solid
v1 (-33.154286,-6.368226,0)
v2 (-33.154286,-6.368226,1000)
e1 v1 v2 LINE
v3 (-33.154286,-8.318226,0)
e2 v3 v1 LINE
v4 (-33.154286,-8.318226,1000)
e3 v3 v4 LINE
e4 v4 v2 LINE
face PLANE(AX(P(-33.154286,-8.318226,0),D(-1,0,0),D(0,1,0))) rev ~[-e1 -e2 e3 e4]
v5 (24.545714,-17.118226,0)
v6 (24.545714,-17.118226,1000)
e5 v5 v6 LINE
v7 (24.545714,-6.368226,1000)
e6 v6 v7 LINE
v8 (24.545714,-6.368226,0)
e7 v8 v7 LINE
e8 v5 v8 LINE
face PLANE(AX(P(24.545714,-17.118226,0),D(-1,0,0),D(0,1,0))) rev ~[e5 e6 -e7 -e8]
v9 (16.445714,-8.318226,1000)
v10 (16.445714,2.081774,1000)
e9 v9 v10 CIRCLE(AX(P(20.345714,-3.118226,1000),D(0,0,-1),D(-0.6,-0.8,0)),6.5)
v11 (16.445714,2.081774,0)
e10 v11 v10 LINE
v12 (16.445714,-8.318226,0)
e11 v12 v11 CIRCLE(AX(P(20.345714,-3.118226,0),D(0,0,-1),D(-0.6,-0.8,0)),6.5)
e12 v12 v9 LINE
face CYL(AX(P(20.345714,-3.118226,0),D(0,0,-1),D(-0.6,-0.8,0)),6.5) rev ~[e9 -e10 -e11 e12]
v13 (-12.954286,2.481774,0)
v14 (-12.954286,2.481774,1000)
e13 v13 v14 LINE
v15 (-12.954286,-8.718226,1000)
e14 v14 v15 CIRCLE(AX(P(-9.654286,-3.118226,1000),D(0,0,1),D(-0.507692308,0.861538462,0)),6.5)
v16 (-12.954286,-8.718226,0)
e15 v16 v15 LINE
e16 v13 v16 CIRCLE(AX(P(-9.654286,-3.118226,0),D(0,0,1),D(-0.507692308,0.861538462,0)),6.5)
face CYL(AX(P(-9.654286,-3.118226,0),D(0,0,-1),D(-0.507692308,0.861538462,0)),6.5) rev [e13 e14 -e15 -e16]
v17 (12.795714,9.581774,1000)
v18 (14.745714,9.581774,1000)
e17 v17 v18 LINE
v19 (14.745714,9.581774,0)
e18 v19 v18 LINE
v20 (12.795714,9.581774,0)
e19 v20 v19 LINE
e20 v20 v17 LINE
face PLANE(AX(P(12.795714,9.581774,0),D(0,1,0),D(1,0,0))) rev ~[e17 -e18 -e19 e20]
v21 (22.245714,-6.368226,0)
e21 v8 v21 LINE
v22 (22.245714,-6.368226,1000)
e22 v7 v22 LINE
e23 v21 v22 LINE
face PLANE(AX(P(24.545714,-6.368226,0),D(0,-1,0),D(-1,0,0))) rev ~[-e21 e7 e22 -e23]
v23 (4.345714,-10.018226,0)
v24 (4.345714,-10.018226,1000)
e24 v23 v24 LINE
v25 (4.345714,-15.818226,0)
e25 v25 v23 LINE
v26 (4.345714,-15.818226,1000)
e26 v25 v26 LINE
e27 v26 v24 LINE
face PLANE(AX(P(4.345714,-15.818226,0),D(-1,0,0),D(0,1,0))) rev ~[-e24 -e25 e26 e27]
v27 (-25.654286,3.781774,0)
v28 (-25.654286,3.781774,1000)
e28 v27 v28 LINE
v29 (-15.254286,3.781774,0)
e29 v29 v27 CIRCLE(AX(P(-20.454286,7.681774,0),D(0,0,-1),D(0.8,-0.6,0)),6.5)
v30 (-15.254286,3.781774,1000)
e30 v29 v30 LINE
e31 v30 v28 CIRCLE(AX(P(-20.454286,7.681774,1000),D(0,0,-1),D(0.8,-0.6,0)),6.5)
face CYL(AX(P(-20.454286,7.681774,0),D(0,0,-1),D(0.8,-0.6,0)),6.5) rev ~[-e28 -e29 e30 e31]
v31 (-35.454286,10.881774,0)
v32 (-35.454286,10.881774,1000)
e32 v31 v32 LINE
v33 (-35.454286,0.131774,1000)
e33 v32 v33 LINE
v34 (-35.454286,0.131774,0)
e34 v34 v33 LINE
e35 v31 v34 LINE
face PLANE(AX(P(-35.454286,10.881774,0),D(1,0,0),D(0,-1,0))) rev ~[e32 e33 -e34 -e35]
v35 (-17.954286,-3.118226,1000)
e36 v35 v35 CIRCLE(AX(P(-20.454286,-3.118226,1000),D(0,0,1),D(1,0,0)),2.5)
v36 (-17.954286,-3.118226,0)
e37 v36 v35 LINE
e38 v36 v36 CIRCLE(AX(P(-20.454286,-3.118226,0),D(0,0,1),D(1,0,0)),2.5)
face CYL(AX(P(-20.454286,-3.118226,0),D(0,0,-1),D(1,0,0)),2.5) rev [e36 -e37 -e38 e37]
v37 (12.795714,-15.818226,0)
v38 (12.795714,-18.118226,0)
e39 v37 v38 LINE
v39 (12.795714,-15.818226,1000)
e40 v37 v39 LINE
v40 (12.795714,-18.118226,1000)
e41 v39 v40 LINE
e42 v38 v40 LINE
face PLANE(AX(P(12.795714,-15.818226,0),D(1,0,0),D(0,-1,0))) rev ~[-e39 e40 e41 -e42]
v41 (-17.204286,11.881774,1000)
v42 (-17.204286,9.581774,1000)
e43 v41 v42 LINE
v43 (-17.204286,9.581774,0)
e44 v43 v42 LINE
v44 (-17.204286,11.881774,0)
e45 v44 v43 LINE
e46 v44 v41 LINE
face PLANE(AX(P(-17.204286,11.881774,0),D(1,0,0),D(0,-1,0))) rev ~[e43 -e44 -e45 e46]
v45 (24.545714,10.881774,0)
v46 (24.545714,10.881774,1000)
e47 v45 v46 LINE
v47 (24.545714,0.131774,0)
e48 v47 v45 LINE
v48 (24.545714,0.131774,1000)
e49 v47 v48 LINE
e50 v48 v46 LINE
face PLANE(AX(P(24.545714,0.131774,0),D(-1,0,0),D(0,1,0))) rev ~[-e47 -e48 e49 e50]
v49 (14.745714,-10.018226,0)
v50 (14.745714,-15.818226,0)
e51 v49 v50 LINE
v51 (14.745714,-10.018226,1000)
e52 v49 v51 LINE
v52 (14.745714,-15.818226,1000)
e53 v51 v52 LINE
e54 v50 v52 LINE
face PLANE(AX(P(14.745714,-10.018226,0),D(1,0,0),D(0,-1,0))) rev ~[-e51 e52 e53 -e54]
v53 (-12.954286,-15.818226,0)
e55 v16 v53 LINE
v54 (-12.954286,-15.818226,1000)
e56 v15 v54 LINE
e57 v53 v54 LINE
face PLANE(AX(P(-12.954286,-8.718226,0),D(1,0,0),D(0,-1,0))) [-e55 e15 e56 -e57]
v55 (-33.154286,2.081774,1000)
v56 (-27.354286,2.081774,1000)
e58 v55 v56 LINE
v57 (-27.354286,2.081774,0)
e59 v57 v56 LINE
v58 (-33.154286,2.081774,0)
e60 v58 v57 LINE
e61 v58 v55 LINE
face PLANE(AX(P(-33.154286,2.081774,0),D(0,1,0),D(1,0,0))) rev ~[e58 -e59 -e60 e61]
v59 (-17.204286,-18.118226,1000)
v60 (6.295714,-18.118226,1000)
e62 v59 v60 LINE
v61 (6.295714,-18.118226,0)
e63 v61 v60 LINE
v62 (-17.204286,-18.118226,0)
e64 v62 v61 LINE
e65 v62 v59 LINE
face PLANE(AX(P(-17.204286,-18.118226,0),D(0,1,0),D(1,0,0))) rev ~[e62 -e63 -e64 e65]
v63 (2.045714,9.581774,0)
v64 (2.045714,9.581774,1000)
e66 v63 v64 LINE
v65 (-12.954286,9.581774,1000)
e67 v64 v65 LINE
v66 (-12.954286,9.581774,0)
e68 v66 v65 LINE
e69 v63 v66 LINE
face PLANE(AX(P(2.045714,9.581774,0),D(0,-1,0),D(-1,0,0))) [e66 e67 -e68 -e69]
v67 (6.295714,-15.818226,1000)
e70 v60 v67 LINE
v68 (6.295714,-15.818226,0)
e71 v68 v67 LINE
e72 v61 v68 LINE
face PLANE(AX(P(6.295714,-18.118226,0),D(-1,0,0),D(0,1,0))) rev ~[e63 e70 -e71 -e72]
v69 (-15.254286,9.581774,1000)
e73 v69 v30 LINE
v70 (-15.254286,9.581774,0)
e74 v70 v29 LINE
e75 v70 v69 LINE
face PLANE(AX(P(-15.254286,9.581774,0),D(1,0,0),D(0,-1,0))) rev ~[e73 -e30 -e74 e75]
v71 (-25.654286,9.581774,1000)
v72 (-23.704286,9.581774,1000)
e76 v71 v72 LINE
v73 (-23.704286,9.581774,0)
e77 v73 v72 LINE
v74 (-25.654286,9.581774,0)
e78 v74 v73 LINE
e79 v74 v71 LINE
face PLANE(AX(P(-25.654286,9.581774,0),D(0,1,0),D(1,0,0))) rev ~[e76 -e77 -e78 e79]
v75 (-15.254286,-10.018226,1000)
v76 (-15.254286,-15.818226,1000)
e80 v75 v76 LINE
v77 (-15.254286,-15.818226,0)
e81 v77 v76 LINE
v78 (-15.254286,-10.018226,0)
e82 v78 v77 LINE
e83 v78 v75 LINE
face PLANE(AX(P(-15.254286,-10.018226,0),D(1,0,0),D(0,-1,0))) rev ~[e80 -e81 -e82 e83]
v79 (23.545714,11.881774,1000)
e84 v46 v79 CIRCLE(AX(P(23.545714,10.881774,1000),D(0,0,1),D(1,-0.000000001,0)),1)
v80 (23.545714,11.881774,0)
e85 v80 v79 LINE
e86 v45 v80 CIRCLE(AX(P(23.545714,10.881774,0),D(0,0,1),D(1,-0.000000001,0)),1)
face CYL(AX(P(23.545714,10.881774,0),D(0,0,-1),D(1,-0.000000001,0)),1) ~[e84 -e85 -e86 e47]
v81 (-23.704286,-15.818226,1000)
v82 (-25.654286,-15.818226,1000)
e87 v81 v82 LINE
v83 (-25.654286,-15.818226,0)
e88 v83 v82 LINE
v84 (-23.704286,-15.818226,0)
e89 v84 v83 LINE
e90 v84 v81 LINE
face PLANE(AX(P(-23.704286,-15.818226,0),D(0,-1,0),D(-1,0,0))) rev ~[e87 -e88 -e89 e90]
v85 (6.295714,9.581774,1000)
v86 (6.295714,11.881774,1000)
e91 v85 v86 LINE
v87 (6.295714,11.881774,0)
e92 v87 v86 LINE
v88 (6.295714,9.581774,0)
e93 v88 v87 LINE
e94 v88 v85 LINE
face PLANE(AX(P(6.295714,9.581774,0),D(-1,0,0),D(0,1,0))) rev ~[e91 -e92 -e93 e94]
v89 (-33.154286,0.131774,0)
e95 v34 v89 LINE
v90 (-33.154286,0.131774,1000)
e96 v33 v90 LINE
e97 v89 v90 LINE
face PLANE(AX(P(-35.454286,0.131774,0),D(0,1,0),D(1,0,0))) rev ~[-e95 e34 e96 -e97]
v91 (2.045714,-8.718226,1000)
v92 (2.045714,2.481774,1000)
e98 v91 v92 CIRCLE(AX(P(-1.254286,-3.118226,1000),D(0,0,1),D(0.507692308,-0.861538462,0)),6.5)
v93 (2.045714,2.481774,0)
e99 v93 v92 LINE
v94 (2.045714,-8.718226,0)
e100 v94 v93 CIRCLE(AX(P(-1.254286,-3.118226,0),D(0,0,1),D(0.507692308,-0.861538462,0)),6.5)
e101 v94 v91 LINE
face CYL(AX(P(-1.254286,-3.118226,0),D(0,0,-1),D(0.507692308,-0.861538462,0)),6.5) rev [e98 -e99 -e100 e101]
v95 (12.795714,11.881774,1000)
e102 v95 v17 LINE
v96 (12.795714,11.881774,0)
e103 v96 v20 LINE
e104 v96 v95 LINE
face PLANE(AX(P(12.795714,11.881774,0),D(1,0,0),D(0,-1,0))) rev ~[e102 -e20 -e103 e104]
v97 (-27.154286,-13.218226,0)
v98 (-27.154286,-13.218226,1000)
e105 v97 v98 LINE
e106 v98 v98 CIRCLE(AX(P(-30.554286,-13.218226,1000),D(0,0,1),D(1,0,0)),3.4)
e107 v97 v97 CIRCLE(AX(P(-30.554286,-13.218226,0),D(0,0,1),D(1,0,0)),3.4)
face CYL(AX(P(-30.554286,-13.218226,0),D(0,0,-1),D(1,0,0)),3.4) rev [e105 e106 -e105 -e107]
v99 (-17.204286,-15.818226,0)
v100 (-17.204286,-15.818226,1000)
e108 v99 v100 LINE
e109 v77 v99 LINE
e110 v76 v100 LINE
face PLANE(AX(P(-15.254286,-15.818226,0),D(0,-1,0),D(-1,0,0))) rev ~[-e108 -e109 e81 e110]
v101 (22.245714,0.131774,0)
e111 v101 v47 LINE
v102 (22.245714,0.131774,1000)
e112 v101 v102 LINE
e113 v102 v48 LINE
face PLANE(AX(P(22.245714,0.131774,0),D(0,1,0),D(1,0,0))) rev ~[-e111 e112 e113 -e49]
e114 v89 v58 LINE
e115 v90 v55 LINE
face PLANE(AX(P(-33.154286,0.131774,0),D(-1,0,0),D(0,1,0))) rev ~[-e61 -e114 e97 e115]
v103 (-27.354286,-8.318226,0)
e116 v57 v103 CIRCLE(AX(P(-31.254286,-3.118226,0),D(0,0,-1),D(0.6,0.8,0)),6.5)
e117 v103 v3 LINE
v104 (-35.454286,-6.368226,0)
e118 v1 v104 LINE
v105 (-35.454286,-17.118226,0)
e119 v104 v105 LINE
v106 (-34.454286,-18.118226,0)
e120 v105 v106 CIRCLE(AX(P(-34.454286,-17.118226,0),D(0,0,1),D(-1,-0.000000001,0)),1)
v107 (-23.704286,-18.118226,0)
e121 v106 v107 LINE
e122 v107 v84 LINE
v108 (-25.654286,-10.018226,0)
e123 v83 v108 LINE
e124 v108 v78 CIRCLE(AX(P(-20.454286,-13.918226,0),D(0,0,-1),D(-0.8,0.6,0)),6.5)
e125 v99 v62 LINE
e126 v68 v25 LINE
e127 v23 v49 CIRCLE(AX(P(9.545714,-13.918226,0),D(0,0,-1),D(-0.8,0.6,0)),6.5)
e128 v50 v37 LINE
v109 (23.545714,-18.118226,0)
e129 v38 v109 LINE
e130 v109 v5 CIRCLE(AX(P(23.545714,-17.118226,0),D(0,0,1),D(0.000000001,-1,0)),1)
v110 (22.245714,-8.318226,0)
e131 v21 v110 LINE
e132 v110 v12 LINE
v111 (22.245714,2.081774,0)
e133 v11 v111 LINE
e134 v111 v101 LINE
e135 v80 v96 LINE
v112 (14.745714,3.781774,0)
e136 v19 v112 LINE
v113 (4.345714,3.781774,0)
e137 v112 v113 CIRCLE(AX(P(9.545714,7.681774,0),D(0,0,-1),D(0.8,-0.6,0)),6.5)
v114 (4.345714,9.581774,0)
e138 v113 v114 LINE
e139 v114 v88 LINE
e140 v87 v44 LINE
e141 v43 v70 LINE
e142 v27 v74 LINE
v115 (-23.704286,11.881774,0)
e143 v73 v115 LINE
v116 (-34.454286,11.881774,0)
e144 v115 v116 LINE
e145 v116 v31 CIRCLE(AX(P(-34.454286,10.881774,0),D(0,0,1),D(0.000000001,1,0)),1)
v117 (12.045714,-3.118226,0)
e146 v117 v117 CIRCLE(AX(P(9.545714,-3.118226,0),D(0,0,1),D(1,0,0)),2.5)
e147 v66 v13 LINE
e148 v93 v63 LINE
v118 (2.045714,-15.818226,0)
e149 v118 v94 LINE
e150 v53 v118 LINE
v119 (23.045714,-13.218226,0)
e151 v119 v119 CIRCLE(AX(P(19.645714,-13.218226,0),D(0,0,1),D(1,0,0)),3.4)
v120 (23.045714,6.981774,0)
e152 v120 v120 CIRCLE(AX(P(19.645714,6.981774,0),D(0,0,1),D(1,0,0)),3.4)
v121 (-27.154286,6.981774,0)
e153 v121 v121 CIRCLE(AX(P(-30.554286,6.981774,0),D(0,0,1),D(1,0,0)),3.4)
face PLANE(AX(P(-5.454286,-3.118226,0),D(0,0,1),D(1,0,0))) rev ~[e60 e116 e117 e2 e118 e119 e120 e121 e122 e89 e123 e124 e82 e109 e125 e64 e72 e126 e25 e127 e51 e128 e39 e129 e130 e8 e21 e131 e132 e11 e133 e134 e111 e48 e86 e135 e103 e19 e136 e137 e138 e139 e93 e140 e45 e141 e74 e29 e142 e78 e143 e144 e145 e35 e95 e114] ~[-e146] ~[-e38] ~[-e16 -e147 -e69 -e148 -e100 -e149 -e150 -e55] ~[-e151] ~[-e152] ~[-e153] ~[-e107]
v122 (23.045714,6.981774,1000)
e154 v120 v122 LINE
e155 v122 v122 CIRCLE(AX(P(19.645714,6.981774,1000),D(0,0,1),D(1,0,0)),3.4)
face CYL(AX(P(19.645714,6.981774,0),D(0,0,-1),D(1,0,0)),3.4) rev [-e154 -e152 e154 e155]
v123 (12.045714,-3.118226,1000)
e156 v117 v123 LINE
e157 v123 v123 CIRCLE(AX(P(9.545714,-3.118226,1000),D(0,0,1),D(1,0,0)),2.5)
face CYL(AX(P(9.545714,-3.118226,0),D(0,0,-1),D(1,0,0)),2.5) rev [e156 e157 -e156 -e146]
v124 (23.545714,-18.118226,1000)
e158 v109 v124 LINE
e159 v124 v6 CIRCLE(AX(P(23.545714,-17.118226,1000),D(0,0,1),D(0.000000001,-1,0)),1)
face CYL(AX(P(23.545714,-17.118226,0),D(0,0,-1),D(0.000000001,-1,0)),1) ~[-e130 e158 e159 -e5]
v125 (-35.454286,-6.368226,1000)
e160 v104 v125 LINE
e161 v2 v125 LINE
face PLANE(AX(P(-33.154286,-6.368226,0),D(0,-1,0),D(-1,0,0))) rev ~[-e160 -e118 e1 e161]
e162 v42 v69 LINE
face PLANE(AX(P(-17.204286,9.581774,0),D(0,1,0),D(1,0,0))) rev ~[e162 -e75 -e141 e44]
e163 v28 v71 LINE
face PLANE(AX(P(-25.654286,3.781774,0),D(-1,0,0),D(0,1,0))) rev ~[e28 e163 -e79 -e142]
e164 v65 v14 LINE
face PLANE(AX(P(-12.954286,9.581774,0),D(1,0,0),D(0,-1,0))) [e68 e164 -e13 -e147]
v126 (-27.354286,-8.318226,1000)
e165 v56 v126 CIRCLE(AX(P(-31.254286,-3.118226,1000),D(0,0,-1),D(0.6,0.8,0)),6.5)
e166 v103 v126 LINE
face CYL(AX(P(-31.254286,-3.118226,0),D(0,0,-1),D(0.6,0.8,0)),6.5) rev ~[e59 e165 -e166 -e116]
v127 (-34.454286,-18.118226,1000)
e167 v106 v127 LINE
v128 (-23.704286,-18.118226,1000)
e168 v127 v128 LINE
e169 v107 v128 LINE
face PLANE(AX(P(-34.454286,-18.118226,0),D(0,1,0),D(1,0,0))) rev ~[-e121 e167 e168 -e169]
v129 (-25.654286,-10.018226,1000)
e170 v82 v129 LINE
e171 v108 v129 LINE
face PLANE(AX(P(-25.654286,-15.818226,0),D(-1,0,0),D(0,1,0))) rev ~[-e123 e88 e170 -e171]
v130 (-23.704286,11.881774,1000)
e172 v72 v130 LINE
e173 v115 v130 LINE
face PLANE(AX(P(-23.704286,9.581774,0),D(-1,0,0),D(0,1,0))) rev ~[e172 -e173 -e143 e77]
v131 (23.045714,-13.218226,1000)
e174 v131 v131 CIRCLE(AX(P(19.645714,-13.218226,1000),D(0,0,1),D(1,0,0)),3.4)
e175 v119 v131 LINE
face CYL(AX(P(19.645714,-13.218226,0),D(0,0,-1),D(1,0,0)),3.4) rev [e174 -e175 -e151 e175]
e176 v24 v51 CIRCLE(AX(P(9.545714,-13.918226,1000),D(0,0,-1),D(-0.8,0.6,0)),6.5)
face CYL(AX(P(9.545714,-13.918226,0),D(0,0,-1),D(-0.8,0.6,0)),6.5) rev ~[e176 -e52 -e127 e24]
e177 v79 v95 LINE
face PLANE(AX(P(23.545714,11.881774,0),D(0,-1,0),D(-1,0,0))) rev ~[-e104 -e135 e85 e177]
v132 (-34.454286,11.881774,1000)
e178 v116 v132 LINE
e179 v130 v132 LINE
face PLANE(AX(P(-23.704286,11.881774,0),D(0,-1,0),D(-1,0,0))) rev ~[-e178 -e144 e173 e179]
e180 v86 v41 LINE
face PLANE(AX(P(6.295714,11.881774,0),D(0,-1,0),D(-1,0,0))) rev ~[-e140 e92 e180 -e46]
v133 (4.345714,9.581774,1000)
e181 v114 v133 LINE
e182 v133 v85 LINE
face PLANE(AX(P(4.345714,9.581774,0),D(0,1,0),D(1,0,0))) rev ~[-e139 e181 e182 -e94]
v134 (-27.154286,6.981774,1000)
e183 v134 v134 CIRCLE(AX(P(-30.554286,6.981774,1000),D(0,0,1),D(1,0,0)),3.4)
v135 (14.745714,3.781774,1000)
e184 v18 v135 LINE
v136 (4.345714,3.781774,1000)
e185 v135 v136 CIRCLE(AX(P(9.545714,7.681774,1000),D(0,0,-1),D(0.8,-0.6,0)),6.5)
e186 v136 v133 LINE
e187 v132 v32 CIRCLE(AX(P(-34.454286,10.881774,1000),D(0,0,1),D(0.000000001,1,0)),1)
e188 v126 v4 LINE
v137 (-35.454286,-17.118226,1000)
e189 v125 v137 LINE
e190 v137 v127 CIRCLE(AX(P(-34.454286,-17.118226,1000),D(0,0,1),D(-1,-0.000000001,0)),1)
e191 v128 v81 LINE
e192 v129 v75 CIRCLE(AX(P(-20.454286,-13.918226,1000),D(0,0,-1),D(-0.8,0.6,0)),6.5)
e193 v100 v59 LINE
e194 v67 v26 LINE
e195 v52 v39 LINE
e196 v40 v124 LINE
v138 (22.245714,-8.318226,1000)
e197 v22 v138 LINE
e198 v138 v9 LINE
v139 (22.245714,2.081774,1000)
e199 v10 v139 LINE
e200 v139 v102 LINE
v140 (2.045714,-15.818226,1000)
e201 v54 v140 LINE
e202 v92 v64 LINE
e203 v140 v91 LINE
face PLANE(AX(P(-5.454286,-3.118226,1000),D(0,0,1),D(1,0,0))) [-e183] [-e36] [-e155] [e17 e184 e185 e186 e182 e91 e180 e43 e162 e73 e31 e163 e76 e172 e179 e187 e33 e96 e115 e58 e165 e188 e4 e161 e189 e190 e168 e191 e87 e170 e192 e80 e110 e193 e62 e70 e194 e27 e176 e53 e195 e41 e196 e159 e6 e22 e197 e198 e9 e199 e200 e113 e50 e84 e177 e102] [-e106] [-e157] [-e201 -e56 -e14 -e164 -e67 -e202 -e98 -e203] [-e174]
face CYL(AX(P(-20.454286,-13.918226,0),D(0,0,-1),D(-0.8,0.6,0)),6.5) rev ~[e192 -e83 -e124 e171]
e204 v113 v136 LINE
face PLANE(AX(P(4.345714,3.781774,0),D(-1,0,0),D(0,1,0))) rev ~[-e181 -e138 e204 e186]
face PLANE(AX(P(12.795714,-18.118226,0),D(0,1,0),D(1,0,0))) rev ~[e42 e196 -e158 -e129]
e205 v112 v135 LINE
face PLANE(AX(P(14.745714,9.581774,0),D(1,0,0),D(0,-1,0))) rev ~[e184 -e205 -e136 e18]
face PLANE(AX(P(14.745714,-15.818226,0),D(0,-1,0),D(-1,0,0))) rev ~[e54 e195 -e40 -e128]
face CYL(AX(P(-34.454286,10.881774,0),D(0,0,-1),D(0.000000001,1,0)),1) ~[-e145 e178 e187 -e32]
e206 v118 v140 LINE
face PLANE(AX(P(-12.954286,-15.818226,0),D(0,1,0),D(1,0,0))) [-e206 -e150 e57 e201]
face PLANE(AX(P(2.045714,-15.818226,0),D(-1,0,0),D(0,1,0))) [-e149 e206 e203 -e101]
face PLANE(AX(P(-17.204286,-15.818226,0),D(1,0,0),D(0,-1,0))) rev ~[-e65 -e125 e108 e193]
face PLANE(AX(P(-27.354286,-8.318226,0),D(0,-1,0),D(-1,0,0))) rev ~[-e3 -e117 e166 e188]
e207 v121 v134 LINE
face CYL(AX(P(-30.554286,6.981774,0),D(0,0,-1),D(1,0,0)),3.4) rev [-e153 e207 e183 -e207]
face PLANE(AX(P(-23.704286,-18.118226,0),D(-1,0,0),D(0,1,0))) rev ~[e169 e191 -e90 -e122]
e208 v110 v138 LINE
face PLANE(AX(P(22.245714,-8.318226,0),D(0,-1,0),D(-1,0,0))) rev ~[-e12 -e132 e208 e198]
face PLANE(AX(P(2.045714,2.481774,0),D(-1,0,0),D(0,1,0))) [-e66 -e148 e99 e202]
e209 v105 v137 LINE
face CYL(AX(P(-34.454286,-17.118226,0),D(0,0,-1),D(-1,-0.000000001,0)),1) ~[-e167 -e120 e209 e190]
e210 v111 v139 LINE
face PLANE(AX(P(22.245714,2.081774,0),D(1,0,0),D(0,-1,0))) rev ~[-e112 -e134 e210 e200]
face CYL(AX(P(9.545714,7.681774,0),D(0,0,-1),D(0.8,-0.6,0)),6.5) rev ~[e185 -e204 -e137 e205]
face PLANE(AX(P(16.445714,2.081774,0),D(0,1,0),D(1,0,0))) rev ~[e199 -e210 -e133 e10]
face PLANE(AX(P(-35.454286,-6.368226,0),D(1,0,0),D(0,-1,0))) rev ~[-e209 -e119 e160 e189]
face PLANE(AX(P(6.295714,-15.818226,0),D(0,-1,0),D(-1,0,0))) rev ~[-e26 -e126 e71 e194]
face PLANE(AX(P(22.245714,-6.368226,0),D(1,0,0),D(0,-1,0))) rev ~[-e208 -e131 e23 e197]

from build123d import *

# Parameters (mm, degrees)
SKETCH_1_R      = 2.5
SKETCH_1_R_2    = 3.4
EXTRUDE_1_DEPTH = 1000


with BuildPart() as part:
    # 草图1 → 凸台-拉伸1 (new body)
    with BuildSketch(Plane.XY):
        with BuildLine():
            Line((-17.204286219, -18.118225585), (6.295713781, -18.118225585))
            Line((6.295713781, -18.118225585), (6.295713781, -15.818225585))
            Line((6.295713781, -15.818225585), (4.345713781, -15.818225585))
            Line((4.345713781, -15.818225585), (4.345713781, -10.018225585))
            ThreePointArc((4.345713781, -10.018225585), (9.545713781, -7.418225585), (14.745713781, -10.018225585))
            Line((14.745713781, -10.018225585), (14.745713781, -15.818225585))
            Line((14.745713781, -15.818225585), (12.795713781, -15.818225585))
            Line((12.795713781, -15.818225585), (12.795713781, -18.118225585))
            Line((12.795713781, -18.118225585), (23.545713781, -18.118225585))
            ThreePointArc((23.545713781, -18.118225585), (24.252820562, -17.825332366), (24.545713781, -17.118225585))
            Line((24.545713781, -17.118225585), (24.545713781, -6.368225585))
            Line((24.545713781, -6.368225585), (22.245713781, -6.368225585))
            Line((22.245713781, -6.368225585), (22.245713781, -8.318225585))
            Line((22.245713781, -8.318225585), (16.445713781, -8.318225585))
            ThreePointArc((16.445713781, -8.318225585), (13.845713781, -3.118225585), (16.445713781, 2.081774415))
            Line((16.445713781, 2.081774415), (22.245713781, 2.081774415))
            Line((22.245713781, 2.081774415), (22.245713781, 0.131774415))
            Line((22.245713781, 0.131774415), (24.545713781, 0.131774415))
            Line((24.545713781, 0.131774415), (24.545713781, 10.881774415))
            ThreePointArc((24.545713781, 10.881774415), (24.252820562, 11.588881197), (23.545713781, 11.881774415))
            Line((23.545713781, 11.881774415), (12.795713781, 11.881774415))
            Line((12.795713781, 11.881774415), (12.795713781, 9.581774415))
            Line((12.795713781, 9.581774415), (14.745713781, 9.581774415))
            Line((14.745713781, 9.581774415), (14.745713781, 3.781774415))
            ThreePointArc((14.745713781, 3.781774415), (9.545713781, 1.181774415), (4.345713781, 3.781774415))
            Line((4.345713781, 3.781774415), (4.345713781, 9.581774415))
            Line((4.345713781, 9.581774415), (6.295713781, 9.581774415))
            Line((6.295713781, 9.581774415), (6.295713781, 11.881774415))
            Line((6.295713781, 11.881774415), (-17.204286219, 11.881774415))
            Line((-17.204286219, 11.881774415), (-17.204286219, 9.581774415))
            Line((-17.204286219, 9.581774415), (-15.254286219, 9.581774415))
            Line((-15.254286219, 9.581774415), (-15.254286219, 3.781774415))
            ThreePointArc((-15.254286219, 3.781774415), (-20.454286219, 1.181774415), (-25.654286219, 3.781774415))
            Line((-25.654286219, 3.781774415), (-25.654286219, 9.581774415))
            Line((-25.654286219, 9.581774415), (-23.704286219, 9.581774415))
            Line((-23.704286219, 9.581774415), (-23.704286219, 11.881774415))
            Line((-23.704286219, 11.881774415), (-34.454286219, 11.881774415))
            ThreePointArc((-34.454286219, 11.881774415), (-35.161393, 11.588881197), (-35.454286219, 10.881774415))
            Line((-35.454286219, 10.881774415), (-35.454286219, 0.131774415))
            Line((-35.454286219, 0.131774415), (-33.154286219, 0.131774415))
            Line((-33.154286219, 0.131774415), (-33.154286219, 2.081774415))
            Line((-33.154286219, 2.081774415), (-27.354286219, 2.081774415))
            ThreePointArc((-27.354286219, 2.081774415), (-24.754286219, -3.118225585), (-27.354286219, -8.318225585))
            Line((-27.354286219, -8.318225585), (-33.154286219, -8.318225585))
            Line((-33.154286219, -8.318225585), (-33.154286219, -6.368225585))
            Line((-33.154286219, -6.368225585), (-35.454286219, -6.368225585))
            Line((-35.454286219, -6.368225585), (-35.454286219, -17.118225585))
            ThreePointArc((-35.454286219, -17.118225585), (-35.161393, -17.825332366), (-34.454286219, -18.118225585))
            Line((-34.454286219, -18.118225585), (-23.704286219, -18.118225585))
            Line((-23.704286219, -18.118225585), (-23.704286219, -15.818225585))
            Line((-23.704286219, -15.818225585), (-25.654286219, -15.818225585))
            Line((-25.654286219, -15.818225585), (-25.654286219, -10.018225585))
            ThreePointArc((-25.654286219, -10.018225585), (-20.454286219, -7.418225585), (-15.254286219, -10.018225585))
            Line((-15.254286219, -10.018225585), (-15.254286219, -15.818225585))
            Line((-15.254286219, -15.818225585), (-17.204286219, -15.818225585))
            Line((-17.204286219, -15.818225585), (-17.204286219, -18.118225585))
        make_face()
        with Locations((-20.454286219, -3.118225585)):
            Circle(SKETCH_1_R, mode=Mode.SUBTRACT)
        with Locations((-30.554286219, -13.218225585)):
            Circle(SKETCH_1_R_2, mode=Mode.SUBTRACT)
        with Locations((-30.554286219, 6.981774415)):
            Circle(SKETCH_1_R_2, mode=Mode.SUBTRACT)
        with Locations((19.645713781, -13.218225585)):
            Circle(SKETCH_1_R_2, mode=Mode.SUBTRACT)
        with Locations((19.645713781, 6.981774415)):
            Circle(SKETCH_1_R_2, mode=Mode.SUBTRACT)
        with Locations((9.545713781, -3.118225585)):
            Circle(SKETCH_1_R, mode=Mode.SUBTRACT)
        with BuildLine():
            Line((2.045713781, -15.818225585), (2.045713781, -8.718225585))
            ThreePointArc((2.045713781, -8.718225585), (5.245713781, -3.118225585), (2.045713781, 2.481774415))
            Line((2.045713781, 2.481774415), (2.045713781, 9.581774415))
            Line((2.045713781, 9.581774415), (-12.954286219, 9.581774415))
            Line((-12.954286219, 9.581774415), (-12.954286219, 2.481774415))
            ThreePointArc((-12.954286219, 2.481774415), (-16.154286219, -3.118225585), (-12.954286219, -8.718225585))
            Line((-12.954286219, -8.718225585), (-12.954286219, -15.818225585))
            Line((-12.954286219, -15.818225585), (2.045713781, -15.818225585))
        make_face(mode=Mode.SUBTRACT)
    extrude(amount=EXTRUDE_1_DEPTH)


solid = part.part
